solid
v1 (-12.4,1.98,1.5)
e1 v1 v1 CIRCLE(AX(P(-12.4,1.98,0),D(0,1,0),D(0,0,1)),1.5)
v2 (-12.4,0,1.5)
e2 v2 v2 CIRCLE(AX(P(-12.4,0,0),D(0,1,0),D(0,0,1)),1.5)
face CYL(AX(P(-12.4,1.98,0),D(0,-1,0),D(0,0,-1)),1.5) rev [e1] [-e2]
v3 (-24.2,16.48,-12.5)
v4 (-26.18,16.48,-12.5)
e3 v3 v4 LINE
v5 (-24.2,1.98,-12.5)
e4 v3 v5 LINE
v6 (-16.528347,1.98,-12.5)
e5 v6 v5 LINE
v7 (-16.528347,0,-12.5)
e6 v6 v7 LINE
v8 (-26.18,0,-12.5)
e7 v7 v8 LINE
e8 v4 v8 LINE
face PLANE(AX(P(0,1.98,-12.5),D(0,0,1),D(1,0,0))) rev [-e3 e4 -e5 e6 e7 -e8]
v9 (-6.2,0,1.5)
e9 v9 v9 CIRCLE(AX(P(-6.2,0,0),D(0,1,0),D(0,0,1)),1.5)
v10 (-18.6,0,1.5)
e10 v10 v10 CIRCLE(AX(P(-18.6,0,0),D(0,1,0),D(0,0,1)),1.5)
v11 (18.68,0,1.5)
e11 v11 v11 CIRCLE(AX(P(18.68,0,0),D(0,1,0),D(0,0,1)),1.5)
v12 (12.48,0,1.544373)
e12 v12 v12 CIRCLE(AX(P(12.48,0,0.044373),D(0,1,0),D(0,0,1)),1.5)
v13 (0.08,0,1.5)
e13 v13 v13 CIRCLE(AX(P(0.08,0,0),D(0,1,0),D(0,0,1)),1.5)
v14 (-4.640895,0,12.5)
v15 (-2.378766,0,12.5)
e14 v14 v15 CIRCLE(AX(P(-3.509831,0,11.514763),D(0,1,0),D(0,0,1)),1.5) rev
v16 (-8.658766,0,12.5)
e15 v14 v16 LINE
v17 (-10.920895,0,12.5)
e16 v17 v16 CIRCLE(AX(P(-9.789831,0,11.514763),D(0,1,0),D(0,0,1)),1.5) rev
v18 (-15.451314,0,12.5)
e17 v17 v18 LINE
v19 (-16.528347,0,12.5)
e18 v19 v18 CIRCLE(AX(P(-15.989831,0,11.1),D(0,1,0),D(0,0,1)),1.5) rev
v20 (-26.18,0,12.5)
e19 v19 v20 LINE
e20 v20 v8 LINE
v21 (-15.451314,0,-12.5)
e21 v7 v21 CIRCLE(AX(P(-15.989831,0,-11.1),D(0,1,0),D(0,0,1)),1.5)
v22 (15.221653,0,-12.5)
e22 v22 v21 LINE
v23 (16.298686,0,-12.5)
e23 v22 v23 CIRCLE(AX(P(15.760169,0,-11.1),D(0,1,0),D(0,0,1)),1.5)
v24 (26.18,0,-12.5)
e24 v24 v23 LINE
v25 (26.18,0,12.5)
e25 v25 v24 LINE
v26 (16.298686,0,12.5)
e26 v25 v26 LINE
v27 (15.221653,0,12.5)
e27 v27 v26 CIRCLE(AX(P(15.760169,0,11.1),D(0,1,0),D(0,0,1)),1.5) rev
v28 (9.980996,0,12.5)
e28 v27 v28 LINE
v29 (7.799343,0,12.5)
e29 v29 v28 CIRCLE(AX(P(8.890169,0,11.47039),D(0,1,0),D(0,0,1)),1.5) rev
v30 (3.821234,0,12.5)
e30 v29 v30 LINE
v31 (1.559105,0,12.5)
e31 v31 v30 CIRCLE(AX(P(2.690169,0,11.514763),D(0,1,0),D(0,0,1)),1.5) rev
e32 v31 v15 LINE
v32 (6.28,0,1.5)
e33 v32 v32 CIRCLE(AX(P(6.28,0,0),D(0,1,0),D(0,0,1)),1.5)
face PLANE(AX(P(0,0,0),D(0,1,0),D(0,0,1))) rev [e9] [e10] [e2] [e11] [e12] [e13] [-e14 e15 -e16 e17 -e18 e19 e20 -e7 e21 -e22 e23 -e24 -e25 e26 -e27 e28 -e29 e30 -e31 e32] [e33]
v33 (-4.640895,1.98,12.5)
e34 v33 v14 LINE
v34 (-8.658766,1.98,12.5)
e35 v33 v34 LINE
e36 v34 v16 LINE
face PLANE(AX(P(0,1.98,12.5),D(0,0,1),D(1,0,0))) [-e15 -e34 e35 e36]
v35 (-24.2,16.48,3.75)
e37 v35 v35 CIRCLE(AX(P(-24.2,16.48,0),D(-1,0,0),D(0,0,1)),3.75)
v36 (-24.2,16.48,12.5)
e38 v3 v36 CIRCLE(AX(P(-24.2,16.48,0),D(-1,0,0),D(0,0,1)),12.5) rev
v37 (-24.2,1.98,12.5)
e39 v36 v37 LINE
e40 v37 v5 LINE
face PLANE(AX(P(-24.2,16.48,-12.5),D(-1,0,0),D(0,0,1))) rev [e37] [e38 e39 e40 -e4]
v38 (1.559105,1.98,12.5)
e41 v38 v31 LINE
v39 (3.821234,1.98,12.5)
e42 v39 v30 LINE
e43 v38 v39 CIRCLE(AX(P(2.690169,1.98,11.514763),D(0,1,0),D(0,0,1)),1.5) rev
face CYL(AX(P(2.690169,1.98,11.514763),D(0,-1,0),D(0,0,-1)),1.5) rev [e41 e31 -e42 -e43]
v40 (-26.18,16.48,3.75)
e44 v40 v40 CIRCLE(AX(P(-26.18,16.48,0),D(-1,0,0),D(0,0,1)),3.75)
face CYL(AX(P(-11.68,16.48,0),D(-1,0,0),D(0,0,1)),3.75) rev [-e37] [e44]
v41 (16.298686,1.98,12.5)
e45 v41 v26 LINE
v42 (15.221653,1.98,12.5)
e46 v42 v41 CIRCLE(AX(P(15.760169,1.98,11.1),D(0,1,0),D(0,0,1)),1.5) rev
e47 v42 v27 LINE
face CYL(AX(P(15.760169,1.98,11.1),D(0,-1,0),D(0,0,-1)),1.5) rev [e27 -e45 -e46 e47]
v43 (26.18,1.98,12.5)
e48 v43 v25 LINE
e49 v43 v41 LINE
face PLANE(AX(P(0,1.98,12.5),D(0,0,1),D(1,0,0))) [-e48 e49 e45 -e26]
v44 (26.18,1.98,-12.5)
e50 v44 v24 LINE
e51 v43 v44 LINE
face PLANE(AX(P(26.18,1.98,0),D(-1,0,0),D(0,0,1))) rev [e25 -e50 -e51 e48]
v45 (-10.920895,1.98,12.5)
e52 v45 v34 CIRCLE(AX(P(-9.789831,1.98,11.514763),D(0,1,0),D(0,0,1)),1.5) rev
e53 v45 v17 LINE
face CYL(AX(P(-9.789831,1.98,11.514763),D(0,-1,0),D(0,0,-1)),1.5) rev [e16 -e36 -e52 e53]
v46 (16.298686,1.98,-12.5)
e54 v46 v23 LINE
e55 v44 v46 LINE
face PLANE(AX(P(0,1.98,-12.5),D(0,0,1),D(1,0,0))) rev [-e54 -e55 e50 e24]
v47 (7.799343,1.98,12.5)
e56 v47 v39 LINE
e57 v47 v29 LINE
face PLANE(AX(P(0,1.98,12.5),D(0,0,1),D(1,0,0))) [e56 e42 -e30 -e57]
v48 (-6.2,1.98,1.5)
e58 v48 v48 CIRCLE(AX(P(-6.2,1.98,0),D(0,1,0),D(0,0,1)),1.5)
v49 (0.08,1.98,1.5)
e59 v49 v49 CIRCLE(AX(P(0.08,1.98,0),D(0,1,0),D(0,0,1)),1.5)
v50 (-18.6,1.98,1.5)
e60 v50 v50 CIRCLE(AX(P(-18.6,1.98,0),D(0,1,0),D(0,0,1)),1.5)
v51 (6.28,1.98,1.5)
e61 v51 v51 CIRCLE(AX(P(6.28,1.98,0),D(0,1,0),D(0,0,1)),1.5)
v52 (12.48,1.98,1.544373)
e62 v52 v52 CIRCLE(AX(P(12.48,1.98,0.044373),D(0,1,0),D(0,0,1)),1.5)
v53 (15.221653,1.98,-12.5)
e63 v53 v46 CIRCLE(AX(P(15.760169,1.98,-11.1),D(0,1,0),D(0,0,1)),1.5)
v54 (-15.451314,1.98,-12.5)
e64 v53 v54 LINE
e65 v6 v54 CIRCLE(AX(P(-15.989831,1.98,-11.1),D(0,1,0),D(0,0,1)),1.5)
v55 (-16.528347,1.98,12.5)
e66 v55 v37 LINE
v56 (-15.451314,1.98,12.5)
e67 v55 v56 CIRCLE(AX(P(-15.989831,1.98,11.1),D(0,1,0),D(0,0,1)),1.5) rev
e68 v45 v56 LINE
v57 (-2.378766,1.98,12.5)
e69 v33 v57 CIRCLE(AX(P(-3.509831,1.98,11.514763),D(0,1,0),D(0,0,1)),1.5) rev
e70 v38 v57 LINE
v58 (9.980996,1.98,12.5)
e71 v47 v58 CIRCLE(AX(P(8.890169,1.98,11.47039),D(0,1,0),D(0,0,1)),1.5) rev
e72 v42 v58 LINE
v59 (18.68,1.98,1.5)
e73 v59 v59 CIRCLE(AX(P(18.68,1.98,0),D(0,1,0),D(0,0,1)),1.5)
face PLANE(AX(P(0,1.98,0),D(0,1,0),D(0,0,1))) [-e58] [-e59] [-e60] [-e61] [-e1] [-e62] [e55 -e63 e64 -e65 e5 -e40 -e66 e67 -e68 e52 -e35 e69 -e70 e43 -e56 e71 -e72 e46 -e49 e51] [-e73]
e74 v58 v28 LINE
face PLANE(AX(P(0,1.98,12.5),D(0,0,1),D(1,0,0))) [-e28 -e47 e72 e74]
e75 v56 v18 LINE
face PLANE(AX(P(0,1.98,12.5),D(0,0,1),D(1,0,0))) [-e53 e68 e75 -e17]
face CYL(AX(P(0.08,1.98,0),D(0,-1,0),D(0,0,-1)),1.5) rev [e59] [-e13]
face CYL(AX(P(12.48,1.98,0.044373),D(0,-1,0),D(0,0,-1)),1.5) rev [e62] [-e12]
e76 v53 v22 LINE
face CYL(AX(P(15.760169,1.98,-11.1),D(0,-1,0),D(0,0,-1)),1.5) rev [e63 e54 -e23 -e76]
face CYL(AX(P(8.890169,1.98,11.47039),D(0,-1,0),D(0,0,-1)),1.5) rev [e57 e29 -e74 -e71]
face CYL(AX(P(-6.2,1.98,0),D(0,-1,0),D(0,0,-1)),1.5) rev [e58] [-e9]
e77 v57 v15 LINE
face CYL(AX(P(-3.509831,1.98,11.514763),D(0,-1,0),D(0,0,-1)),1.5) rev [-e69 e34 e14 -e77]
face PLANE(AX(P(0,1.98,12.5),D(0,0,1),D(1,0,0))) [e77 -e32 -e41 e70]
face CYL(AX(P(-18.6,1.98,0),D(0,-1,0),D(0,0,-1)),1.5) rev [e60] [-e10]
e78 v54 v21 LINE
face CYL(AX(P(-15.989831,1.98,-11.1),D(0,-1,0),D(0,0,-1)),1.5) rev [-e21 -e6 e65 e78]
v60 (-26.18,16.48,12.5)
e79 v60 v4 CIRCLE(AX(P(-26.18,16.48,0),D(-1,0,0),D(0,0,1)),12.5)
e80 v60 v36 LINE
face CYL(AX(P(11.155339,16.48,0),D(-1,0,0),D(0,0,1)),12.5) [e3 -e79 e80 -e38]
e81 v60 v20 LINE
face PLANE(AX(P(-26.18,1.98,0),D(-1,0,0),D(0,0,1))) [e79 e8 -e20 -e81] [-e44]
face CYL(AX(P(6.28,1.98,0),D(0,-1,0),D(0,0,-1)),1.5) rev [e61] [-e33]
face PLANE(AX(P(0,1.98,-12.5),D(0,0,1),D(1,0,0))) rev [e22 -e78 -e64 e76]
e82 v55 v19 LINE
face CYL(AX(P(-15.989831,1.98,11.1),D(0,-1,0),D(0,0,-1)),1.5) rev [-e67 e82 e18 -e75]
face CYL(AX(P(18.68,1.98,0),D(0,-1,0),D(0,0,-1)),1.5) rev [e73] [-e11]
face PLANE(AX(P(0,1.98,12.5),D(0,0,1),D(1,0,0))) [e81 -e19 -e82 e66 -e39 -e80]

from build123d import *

# Parameters (mm, degrees)
SKETCH1_R           = 1.5
BOSS_EXTRUDE1_DEPTH = 1.98
SKETCH2_W           = 1.98
SKETCH2_H           = 25
BOSS_EXTRUDE2_DEPTH = 14.5
SKETCH3_R           = 12.5
BOSS_EXTRUDE5_DEPTH = 1.98
SKETCH4_R           = 3.75
CUT_EXTRUDE1_DEPTH  = 14.5


with BuildPart() as part:
    # Sketch1 → Boss-Extrude1 (new body)
    with BuildSketch(Plane(origin=(0, 0, 0), x_dir=(1, 0, 0), z_dir=(0, 1, 0))):
        with BuildLine():
            Line((16.298685972, -12.5), (26.18, -12.5))
            Line((26.18, -12.5), (26.18, 12.5))
            Line((26.18, 12.5), (16.298685972, 12.5))
            ThreePointArc((16.298685972, 12.5), (15.760169492, 9.6), (15.221653011, 12.5))
            Line((15.221653011, 12.5), (-15.451314028, 12.5))
            ThreePointArc((-15.451314028, 12.5), (-15.989830508, 9.6), (-16.528346989, 12.5))
            Line((-16.528346989, 12.5), (-26.18, 12.5))
            Line((-26.18, 12.5), (-26.18, -12.5))
            Line((-26.18, -12.5), (-16.528346989, -12.5))
            ThreePointArc((-16.528346989, -12.5), (-16.839014022, -9.863518152), (-14.489830508, -11.1))
            ThreePointArc((-14.489830508, -11.1), (-14.75334866, -11.949183513), (-15.451314028, -12.5))
            Line((-15.451314028, -12.5), (-10.920895266, -12.5))
            ThreePointArc((-10.920895266, -12.5), (-10.315854683, -10.110021252), (-8.289830508, -11.514762712))
            ThreePointArc((-8.289830508, -11.514762712), (-8.385089049, -12.040786886), (-8.658765751, -12.5))
            Line((-8.658765751, -12.5), (-4.640895266, -12.5))
            ThreePointArc((-4.640895266, -12.5), (-4.035854683, -10.110021252), (-2.009830508, -11.514762712))
            ThreePointArc((-2.009830508, -11.514762712), (-2.105089049, -12.040786886), (-2.378765751, -12.5))
            Line((-2.378765751, -12.5), (1.559104734, -12.5))
            ThreePointArc((1.559104734, -12.5), (2.164145317, -10.110021252), (4.190169492, -11.514762712))
            ThreePointArc((4.190169492, -11.514762712), (4.094910951, -12.040786886), (3.821234249, -12.5))
            Line((3.821234249, -12.5), (7.799342787, -12.5))
            ThreePointArc((7.799342787, -12.5), (8.336202009, -10.076431428), (10.390169492, -11.470389831))
            ThreePointArc((10.390169492, -11.470389831), (10.284127894, -12.024357313), (9.980996196, -12.5))
            Line((9.980996196, -12.5), (15.221653011, -12.5))
            ThreePointArc((15.221653011, -12.5), (14.910985978, -9.863518152), (17.260169492, -11.1))
            ThreePointArc((17.260169492, -11.1), (16.99665134, -11.949183513), (16.298685972, -12.5))
        make_face()
        with Locations((-18.6, 0)):
            Circle(SKETCH1_R, mode=Mode.SUBTRACT)
        with Locations((-12.4, 0)):
            Circle(SKETCH1_R, mode=Mode.SUBTRACT)
        with Locations((-6.2, 0)):
            Circle(SKETCH1_R, mode=Mode.SUBTRACT)
        with Locations((0.08, 0)):
            Circle(SKETCH1_R, mode=Mode.SUBTRACT)
        with Locations((6.28, 0)):
            Circle(SKETCH1_R, mode=Mode.SUBTRACT)
        with Locations((12.48, -0.044372881)):
            Circle(SKETCH1_R, mode=Mode.SUBTRACT)
        with Locations((18.68, 0)):
            Circle(SKETCH1_R, mode=Mode.SUBTRACT)
    extrude(amount=BOSS_EXTRUDE1_DEPTH)

    # Sketch2 → Boss-Extrude2 (add)
    with BuildSketch(Plane(origin=(0, 1.98, 0), x_dir=(1, 0, 0), z_dir=(0, 1, 0))):
        with Locations((-25.19, 0)):
            Rectangle(SKETCH2_W, SKETCH2_H)
    extrude(amount=BOSS_EXTRUDE2_DEPTH)

    # Sketch3 → Boss-Extrude5 (add)
    with BuildSketch(Plane.ZY.offset(26.18)):
        with Locations((0, 16.48)):
            Circle(SKETCH3_R)
    extrude(amount=-BOSS_EXTRUDE5_DEPTH)

    # Sketch4 → Cut-Extrude1 (cut)
    with BuildSketch(Plane.ZY.offset(26.18)):
        with Locations((0, 16.48)):
            Circle(SKETCH4_R)
    extrude(amount=-CUT_EXTRUDE1_DEPTH, mode=Mode.SUBTRACT)


solid = part.part
